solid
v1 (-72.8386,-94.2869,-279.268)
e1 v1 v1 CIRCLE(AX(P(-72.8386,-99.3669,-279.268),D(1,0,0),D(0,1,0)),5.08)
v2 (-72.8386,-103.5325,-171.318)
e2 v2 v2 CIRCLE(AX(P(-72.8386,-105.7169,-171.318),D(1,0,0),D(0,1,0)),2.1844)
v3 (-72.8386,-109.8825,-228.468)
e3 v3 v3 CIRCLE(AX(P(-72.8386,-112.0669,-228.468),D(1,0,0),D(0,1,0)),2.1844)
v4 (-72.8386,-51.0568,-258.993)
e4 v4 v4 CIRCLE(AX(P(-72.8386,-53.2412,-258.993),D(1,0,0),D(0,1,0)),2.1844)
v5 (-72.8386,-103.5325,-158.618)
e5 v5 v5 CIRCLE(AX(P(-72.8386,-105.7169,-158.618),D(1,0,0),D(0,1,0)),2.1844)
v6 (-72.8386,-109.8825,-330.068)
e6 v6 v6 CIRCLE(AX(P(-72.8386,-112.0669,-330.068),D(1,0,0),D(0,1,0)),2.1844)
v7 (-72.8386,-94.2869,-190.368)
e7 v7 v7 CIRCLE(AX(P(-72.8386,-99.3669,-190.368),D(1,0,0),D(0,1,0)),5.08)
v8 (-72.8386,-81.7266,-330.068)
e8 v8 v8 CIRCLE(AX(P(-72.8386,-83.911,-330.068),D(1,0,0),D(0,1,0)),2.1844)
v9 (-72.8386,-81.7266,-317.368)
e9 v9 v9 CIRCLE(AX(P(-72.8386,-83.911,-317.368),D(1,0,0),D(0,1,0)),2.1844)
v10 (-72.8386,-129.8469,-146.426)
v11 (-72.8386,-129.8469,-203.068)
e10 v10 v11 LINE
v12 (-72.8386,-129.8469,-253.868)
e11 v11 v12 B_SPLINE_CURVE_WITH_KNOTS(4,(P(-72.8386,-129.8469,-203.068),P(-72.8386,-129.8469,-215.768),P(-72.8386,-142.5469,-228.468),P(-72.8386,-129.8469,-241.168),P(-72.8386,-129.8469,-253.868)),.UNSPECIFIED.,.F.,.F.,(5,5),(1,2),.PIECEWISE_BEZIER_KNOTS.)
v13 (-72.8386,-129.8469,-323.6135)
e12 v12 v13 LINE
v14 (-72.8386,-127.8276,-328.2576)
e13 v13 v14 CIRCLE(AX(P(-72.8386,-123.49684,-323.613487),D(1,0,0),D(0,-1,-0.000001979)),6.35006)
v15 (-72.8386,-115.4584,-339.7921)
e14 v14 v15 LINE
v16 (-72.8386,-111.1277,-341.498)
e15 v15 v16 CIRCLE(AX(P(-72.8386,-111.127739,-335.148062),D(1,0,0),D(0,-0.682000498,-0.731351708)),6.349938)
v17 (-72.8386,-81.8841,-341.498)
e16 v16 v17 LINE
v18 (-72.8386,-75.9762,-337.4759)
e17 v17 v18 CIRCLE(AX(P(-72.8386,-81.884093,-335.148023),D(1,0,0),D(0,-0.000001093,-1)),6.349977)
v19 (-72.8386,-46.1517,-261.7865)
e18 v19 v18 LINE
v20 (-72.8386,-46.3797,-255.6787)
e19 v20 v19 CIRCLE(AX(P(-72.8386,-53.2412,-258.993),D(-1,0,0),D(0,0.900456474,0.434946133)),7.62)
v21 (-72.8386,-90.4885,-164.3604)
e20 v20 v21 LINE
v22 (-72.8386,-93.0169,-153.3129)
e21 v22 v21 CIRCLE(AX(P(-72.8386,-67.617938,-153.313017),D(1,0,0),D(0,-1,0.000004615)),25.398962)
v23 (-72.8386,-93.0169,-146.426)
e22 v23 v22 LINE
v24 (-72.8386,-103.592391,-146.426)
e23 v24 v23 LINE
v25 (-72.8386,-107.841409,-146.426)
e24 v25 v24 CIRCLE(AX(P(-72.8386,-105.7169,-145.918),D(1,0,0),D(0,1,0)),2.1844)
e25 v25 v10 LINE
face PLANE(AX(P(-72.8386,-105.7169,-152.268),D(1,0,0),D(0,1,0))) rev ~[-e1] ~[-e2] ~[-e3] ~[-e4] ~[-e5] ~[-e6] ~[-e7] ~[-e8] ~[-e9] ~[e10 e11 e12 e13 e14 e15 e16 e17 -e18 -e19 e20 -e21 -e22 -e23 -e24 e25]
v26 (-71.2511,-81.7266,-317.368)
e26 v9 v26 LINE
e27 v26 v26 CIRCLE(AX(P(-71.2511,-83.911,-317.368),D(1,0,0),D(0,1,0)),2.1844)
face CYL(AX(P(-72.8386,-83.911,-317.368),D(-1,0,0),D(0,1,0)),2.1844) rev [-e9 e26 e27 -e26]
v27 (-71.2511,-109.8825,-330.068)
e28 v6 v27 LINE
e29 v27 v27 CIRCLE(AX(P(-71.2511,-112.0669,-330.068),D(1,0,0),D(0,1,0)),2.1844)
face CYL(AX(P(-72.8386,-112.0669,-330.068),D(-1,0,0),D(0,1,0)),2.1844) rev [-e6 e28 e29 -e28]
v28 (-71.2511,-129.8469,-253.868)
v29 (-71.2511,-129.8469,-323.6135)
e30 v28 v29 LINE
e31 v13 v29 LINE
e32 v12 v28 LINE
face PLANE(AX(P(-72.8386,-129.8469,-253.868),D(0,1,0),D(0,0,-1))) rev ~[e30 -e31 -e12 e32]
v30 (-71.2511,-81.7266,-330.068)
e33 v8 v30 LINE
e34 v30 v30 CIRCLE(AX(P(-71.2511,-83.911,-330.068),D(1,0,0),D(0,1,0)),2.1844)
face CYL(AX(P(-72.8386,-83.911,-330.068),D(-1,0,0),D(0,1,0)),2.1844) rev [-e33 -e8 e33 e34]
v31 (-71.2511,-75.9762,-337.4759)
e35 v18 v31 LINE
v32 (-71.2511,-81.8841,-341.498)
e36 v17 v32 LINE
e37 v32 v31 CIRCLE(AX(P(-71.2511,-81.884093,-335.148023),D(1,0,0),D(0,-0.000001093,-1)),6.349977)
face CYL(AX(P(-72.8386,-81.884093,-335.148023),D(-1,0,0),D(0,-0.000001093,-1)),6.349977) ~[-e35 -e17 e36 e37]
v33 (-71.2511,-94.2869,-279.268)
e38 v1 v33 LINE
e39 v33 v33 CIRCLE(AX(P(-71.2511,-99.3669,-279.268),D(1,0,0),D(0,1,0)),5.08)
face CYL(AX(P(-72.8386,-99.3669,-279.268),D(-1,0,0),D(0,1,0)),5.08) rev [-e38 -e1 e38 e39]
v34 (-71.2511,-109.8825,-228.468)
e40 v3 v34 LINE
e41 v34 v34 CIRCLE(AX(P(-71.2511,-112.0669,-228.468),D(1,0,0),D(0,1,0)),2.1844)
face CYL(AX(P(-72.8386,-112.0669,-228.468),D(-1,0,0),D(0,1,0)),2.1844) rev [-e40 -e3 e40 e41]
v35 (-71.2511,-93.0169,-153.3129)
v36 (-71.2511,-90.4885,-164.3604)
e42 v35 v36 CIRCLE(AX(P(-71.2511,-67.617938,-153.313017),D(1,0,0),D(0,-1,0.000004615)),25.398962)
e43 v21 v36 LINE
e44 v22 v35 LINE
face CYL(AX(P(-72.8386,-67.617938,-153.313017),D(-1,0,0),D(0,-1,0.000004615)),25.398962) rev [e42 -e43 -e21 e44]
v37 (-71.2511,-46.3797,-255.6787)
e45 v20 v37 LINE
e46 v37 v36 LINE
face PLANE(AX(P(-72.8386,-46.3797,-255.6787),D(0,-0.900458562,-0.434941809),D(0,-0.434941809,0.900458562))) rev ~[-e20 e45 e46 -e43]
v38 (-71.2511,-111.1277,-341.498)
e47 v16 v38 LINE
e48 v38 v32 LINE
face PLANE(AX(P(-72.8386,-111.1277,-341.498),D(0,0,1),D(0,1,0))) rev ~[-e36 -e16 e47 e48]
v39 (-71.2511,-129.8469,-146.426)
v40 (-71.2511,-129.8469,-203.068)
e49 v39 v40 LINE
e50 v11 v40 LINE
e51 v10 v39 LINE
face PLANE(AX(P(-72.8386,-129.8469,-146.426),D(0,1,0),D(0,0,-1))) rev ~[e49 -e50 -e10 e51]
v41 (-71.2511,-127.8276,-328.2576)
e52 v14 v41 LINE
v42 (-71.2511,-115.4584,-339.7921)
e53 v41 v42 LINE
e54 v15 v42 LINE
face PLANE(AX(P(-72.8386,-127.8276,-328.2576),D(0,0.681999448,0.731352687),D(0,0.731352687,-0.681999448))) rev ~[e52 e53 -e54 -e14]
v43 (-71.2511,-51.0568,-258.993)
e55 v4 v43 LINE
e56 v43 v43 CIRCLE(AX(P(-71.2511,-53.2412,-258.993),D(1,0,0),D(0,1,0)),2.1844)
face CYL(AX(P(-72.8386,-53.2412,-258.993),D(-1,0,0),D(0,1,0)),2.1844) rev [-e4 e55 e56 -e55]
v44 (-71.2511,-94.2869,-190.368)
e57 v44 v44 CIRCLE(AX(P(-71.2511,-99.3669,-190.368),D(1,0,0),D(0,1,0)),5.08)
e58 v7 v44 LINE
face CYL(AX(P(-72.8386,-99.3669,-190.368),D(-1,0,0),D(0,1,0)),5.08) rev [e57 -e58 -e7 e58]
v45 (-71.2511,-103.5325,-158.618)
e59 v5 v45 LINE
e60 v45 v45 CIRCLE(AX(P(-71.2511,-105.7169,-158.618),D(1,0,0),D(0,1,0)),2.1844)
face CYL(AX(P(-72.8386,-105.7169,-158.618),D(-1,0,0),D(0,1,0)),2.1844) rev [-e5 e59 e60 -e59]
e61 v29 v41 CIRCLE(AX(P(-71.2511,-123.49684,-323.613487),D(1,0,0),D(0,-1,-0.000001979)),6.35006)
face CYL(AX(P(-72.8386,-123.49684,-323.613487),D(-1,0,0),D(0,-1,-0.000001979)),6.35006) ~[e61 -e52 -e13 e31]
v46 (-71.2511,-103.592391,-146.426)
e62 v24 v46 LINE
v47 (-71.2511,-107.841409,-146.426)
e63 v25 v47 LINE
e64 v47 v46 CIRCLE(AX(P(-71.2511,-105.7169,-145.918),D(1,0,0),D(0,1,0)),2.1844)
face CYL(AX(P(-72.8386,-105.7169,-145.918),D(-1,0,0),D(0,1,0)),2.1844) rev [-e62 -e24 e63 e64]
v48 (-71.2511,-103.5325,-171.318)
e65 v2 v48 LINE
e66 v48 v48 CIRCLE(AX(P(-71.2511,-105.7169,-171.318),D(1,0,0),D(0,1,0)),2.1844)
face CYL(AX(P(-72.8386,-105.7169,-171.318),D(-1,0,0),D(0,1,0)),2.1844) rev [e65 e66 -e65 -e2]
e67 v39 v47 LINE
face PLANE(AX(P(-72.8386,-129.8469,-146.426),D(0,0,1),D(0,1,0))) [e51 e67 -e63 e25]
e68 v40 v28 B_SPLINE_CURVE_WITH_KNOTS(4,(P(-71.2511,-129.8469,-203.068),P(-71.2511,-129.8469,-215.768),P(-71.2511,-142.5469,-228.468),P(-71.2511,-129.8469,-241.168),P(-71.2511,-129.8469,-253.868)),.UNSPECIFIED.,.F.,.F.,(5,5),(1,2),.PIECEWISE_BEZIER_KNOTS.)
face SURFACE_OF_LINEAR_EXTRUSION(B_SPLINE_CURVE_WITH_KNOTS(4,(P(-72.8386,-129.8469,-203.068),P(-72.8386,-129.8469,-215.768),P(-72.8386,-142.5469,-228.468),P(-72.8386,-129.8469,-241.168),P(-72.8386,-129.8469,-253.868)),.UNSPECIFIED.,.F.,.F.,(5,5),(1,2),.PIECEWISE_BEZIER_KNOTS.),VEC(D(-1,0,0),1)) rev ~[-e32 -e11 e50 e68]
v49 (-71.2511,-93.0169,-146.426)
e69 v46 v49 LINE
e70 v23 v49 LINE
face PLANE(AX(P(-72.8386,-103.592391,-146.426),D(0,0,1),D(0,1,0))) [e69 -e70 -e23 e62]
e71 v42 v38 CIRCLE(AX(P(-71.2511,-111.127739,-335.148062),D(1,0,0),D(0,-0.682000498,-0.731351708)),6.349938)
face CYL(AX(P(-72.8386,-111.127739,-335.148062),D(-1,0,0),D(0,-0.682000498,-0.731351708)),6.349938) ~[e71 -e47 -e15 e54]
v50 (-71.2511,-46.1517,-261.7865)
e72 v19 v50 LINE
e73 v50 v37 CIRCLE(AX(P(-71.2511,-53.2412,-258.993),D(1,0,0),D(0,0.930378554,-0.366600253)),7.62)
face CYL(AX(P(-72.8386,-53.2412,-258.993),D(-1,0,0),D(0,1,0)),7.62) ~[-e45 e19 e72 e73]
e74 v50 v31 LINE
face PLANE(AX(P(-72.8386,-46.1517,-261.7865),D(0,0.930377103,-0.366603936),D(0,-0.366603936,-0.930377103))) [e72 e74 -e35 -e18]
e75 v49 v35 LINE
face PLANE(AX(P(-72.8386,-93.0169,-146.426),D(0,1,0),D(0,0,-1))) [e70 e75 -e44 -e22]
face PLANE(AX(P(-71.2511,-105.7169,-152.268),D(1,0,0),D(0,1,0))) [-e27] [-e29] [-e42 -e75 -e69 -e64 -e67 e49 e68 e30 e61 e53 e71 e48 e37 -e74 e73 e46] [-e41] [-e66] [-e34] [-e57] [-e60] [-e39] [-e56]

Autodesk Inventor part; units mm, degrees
ref_plane "YZ Plane" through (0, 0, 0) normal (1, 0, 0) x (0, 1, 0)
ref_plane "XZ Plane" through (0, 0, 0) normal (0, 1, 0) x (-1, 0, 0)
ref_plane "XY Plane" through (0, 0, 0) normal (0, 0, 1) x (1, 0, 0)
ref_plane "Work Plane1" through (-72.8386, -105.7169, -152.268) normal (1, 0, 0) x (0, 1, 0)
sketch "Sketch1" plane through (-72.8386, -105.7169, -152.268) normal (1, 0, 0) x (0, 1, 0)
  line L0 (-41.2196, 6.35) -> (64.7019, 6.35)
  circle A0 centre (0, 6.35) radius 2.1844
  line L1 (-12.7, -5.2578) -> (-12.7, 56.2102) projected
  line L2 (-24.13, 6.35) -> (-24.13, -171.3455)
  line L3 (-22.1107, -175.9896) -> (-9.7415, -187.5241)
  line L4 (-5.4108, -189.23) -> (23.8328, -189.23)
  circle A1 centre (52.4757, -106.725) radius 2.1844 projected
  line L5 (12.7, 56.2102) -> (12.7, -5.2578) projected
  circle A2 centre (52.4757, -106.725) radius 7.62
  line L6 (2.3114, -184.15) -> (10.3188, -184.15) projected
  line L7 (-12.7, -184.15) -> (-12.7, -134.2898) projected
  line L8 (59.5652, -109.5185) -> (29.7407, -185.2079)
  line L9 (-24.13, 5.842) -> (67.0388, 5.842)
  line L10 (59.3372, -103.4107) -> (15.2284, -12.0924)
  line L11 (12.7, -1.0449) -> (12.7, 5.842)
  circle A3 centre (21.8059, -177.8) radius 2.1844 projected
  circle A4 centre (21.8059, -165.1) radius 2.1844 projected
  circle A5 centre (-6.35, -76.2) radius 2.1844 projected
  circle A6 centre (-6.35, -76.2) radius 20.32
  line L12 (-24.13, -50.8) -> (-24.13, -63.5) construction
  line L13 (-24.13, -63.5) -> (-36.83, -76.2) construction
  line L14 (-36.83, -76.2) -> (-24.13, -88.9) construction
  line L15 (-24.13, -88.9) -> (-24.13, -101.6) construction
  spline S0 degree 4 poles (-24.13, -50.8) (-24.13, -63.5) (-36.83, -76.2) (-24.13, -88.9) (-24.13, -101.6) knots 1 1 1 1 1 2 2 2 2 2
  arc A7 (12.7, -1.0449) -> (15.2284, -12.0924) centre (38.1, -1.0449) ccw
  arc A8 (23.8328, -189.23) -> (29.7407, -185.2079) centre (23.8328, -182.88) ccw
  arc A9 (-9.7415, -187.5241) -> (-5.4108, -189.23) centre (-5.4108, -182.88) ccw
  arc A10 (-24.13, -171.3455) -> (-22.1107, -175.9896) centre (-17.78, -171.3455) ccw
  circle A11 centre (6.35, -38.1) radius 2.1844
  circle A12 centre (6.35, -38.1) radius 5.08
  circle A13 centre (6.35, -127) radius 2.1844
  circle A14 centre (6.35, -127) radius 5.08
  circle A15 centre (0, -82.55) radius 2.1844
  line L16 (10.3187, 184.15) -> (-10.3187, 184.15) projected
  circle A16 centre (6.35, -25.4) radius 2.1844 projected
  circle A17 centre (6.35, -12.7) radius 2.1844 projected
  circle A18 centre (6.35, 0) radius 2.1844 projected
  circle A19 centre (-6.35, -177.8) radius 2.1844 projected
  circle A20 centre (0, -6.35) radius 2.1844
  circle A21 centre (0, -19.05) radius 2.1844
  point P0 (105.7169, 152.268)
  point P1 (-7.9121, -189.23)
  point P2 (28.1559, -189.23)
  point P3 (12.7, -6.858)
  point P4 (12.7, -1.0449)
  point P5 (12.7, 5.842)
  point P6 (2.1245, 5.842)
  point P7 (-2.1245, 5.842)
  point P8 (-24.13, -66.3626)
  point P9 (-24.13, -86.0374)
  dimension "d0" = 15.24
  dimension "d1" = 5.08
  dimension "d3" = 11.43
  dimension "d4" = 133
  dimension "d5" = 40.64
  dimension "d6" = 6.35
  dimension "d7" = 36.068
  dimension "d8" = 0.508
  dimension "d9" = 12.7
  dimension "d10" = 12.7
  dimension "d11" = 12.7
  dimension "d12" = 12.7
  dimension "d13" = 12.7
  dimension "d14" = 12.7
  dimension "d15" = 25.4
  dimension "d16" = 6.35
  dimension "d17" = 10.16
  dimension "d18" = 10.16
  dimension "d21" = 12.7
  dimension "d22" = 12.7
  dimension "d23" = 4.3688
  dimension "d24" = 4.3688
extrude "Extrusion1" add sketch "Sketch1" along normal blind 1.5875 contours L9 A0 L5 A7 L10 A2 L8 A8 L4 A9 L3 A10 L2 A6 | L2 A6 S0 | A6 L2 | L2 A6 | A2 | A15 | A16 | A17 | A18
